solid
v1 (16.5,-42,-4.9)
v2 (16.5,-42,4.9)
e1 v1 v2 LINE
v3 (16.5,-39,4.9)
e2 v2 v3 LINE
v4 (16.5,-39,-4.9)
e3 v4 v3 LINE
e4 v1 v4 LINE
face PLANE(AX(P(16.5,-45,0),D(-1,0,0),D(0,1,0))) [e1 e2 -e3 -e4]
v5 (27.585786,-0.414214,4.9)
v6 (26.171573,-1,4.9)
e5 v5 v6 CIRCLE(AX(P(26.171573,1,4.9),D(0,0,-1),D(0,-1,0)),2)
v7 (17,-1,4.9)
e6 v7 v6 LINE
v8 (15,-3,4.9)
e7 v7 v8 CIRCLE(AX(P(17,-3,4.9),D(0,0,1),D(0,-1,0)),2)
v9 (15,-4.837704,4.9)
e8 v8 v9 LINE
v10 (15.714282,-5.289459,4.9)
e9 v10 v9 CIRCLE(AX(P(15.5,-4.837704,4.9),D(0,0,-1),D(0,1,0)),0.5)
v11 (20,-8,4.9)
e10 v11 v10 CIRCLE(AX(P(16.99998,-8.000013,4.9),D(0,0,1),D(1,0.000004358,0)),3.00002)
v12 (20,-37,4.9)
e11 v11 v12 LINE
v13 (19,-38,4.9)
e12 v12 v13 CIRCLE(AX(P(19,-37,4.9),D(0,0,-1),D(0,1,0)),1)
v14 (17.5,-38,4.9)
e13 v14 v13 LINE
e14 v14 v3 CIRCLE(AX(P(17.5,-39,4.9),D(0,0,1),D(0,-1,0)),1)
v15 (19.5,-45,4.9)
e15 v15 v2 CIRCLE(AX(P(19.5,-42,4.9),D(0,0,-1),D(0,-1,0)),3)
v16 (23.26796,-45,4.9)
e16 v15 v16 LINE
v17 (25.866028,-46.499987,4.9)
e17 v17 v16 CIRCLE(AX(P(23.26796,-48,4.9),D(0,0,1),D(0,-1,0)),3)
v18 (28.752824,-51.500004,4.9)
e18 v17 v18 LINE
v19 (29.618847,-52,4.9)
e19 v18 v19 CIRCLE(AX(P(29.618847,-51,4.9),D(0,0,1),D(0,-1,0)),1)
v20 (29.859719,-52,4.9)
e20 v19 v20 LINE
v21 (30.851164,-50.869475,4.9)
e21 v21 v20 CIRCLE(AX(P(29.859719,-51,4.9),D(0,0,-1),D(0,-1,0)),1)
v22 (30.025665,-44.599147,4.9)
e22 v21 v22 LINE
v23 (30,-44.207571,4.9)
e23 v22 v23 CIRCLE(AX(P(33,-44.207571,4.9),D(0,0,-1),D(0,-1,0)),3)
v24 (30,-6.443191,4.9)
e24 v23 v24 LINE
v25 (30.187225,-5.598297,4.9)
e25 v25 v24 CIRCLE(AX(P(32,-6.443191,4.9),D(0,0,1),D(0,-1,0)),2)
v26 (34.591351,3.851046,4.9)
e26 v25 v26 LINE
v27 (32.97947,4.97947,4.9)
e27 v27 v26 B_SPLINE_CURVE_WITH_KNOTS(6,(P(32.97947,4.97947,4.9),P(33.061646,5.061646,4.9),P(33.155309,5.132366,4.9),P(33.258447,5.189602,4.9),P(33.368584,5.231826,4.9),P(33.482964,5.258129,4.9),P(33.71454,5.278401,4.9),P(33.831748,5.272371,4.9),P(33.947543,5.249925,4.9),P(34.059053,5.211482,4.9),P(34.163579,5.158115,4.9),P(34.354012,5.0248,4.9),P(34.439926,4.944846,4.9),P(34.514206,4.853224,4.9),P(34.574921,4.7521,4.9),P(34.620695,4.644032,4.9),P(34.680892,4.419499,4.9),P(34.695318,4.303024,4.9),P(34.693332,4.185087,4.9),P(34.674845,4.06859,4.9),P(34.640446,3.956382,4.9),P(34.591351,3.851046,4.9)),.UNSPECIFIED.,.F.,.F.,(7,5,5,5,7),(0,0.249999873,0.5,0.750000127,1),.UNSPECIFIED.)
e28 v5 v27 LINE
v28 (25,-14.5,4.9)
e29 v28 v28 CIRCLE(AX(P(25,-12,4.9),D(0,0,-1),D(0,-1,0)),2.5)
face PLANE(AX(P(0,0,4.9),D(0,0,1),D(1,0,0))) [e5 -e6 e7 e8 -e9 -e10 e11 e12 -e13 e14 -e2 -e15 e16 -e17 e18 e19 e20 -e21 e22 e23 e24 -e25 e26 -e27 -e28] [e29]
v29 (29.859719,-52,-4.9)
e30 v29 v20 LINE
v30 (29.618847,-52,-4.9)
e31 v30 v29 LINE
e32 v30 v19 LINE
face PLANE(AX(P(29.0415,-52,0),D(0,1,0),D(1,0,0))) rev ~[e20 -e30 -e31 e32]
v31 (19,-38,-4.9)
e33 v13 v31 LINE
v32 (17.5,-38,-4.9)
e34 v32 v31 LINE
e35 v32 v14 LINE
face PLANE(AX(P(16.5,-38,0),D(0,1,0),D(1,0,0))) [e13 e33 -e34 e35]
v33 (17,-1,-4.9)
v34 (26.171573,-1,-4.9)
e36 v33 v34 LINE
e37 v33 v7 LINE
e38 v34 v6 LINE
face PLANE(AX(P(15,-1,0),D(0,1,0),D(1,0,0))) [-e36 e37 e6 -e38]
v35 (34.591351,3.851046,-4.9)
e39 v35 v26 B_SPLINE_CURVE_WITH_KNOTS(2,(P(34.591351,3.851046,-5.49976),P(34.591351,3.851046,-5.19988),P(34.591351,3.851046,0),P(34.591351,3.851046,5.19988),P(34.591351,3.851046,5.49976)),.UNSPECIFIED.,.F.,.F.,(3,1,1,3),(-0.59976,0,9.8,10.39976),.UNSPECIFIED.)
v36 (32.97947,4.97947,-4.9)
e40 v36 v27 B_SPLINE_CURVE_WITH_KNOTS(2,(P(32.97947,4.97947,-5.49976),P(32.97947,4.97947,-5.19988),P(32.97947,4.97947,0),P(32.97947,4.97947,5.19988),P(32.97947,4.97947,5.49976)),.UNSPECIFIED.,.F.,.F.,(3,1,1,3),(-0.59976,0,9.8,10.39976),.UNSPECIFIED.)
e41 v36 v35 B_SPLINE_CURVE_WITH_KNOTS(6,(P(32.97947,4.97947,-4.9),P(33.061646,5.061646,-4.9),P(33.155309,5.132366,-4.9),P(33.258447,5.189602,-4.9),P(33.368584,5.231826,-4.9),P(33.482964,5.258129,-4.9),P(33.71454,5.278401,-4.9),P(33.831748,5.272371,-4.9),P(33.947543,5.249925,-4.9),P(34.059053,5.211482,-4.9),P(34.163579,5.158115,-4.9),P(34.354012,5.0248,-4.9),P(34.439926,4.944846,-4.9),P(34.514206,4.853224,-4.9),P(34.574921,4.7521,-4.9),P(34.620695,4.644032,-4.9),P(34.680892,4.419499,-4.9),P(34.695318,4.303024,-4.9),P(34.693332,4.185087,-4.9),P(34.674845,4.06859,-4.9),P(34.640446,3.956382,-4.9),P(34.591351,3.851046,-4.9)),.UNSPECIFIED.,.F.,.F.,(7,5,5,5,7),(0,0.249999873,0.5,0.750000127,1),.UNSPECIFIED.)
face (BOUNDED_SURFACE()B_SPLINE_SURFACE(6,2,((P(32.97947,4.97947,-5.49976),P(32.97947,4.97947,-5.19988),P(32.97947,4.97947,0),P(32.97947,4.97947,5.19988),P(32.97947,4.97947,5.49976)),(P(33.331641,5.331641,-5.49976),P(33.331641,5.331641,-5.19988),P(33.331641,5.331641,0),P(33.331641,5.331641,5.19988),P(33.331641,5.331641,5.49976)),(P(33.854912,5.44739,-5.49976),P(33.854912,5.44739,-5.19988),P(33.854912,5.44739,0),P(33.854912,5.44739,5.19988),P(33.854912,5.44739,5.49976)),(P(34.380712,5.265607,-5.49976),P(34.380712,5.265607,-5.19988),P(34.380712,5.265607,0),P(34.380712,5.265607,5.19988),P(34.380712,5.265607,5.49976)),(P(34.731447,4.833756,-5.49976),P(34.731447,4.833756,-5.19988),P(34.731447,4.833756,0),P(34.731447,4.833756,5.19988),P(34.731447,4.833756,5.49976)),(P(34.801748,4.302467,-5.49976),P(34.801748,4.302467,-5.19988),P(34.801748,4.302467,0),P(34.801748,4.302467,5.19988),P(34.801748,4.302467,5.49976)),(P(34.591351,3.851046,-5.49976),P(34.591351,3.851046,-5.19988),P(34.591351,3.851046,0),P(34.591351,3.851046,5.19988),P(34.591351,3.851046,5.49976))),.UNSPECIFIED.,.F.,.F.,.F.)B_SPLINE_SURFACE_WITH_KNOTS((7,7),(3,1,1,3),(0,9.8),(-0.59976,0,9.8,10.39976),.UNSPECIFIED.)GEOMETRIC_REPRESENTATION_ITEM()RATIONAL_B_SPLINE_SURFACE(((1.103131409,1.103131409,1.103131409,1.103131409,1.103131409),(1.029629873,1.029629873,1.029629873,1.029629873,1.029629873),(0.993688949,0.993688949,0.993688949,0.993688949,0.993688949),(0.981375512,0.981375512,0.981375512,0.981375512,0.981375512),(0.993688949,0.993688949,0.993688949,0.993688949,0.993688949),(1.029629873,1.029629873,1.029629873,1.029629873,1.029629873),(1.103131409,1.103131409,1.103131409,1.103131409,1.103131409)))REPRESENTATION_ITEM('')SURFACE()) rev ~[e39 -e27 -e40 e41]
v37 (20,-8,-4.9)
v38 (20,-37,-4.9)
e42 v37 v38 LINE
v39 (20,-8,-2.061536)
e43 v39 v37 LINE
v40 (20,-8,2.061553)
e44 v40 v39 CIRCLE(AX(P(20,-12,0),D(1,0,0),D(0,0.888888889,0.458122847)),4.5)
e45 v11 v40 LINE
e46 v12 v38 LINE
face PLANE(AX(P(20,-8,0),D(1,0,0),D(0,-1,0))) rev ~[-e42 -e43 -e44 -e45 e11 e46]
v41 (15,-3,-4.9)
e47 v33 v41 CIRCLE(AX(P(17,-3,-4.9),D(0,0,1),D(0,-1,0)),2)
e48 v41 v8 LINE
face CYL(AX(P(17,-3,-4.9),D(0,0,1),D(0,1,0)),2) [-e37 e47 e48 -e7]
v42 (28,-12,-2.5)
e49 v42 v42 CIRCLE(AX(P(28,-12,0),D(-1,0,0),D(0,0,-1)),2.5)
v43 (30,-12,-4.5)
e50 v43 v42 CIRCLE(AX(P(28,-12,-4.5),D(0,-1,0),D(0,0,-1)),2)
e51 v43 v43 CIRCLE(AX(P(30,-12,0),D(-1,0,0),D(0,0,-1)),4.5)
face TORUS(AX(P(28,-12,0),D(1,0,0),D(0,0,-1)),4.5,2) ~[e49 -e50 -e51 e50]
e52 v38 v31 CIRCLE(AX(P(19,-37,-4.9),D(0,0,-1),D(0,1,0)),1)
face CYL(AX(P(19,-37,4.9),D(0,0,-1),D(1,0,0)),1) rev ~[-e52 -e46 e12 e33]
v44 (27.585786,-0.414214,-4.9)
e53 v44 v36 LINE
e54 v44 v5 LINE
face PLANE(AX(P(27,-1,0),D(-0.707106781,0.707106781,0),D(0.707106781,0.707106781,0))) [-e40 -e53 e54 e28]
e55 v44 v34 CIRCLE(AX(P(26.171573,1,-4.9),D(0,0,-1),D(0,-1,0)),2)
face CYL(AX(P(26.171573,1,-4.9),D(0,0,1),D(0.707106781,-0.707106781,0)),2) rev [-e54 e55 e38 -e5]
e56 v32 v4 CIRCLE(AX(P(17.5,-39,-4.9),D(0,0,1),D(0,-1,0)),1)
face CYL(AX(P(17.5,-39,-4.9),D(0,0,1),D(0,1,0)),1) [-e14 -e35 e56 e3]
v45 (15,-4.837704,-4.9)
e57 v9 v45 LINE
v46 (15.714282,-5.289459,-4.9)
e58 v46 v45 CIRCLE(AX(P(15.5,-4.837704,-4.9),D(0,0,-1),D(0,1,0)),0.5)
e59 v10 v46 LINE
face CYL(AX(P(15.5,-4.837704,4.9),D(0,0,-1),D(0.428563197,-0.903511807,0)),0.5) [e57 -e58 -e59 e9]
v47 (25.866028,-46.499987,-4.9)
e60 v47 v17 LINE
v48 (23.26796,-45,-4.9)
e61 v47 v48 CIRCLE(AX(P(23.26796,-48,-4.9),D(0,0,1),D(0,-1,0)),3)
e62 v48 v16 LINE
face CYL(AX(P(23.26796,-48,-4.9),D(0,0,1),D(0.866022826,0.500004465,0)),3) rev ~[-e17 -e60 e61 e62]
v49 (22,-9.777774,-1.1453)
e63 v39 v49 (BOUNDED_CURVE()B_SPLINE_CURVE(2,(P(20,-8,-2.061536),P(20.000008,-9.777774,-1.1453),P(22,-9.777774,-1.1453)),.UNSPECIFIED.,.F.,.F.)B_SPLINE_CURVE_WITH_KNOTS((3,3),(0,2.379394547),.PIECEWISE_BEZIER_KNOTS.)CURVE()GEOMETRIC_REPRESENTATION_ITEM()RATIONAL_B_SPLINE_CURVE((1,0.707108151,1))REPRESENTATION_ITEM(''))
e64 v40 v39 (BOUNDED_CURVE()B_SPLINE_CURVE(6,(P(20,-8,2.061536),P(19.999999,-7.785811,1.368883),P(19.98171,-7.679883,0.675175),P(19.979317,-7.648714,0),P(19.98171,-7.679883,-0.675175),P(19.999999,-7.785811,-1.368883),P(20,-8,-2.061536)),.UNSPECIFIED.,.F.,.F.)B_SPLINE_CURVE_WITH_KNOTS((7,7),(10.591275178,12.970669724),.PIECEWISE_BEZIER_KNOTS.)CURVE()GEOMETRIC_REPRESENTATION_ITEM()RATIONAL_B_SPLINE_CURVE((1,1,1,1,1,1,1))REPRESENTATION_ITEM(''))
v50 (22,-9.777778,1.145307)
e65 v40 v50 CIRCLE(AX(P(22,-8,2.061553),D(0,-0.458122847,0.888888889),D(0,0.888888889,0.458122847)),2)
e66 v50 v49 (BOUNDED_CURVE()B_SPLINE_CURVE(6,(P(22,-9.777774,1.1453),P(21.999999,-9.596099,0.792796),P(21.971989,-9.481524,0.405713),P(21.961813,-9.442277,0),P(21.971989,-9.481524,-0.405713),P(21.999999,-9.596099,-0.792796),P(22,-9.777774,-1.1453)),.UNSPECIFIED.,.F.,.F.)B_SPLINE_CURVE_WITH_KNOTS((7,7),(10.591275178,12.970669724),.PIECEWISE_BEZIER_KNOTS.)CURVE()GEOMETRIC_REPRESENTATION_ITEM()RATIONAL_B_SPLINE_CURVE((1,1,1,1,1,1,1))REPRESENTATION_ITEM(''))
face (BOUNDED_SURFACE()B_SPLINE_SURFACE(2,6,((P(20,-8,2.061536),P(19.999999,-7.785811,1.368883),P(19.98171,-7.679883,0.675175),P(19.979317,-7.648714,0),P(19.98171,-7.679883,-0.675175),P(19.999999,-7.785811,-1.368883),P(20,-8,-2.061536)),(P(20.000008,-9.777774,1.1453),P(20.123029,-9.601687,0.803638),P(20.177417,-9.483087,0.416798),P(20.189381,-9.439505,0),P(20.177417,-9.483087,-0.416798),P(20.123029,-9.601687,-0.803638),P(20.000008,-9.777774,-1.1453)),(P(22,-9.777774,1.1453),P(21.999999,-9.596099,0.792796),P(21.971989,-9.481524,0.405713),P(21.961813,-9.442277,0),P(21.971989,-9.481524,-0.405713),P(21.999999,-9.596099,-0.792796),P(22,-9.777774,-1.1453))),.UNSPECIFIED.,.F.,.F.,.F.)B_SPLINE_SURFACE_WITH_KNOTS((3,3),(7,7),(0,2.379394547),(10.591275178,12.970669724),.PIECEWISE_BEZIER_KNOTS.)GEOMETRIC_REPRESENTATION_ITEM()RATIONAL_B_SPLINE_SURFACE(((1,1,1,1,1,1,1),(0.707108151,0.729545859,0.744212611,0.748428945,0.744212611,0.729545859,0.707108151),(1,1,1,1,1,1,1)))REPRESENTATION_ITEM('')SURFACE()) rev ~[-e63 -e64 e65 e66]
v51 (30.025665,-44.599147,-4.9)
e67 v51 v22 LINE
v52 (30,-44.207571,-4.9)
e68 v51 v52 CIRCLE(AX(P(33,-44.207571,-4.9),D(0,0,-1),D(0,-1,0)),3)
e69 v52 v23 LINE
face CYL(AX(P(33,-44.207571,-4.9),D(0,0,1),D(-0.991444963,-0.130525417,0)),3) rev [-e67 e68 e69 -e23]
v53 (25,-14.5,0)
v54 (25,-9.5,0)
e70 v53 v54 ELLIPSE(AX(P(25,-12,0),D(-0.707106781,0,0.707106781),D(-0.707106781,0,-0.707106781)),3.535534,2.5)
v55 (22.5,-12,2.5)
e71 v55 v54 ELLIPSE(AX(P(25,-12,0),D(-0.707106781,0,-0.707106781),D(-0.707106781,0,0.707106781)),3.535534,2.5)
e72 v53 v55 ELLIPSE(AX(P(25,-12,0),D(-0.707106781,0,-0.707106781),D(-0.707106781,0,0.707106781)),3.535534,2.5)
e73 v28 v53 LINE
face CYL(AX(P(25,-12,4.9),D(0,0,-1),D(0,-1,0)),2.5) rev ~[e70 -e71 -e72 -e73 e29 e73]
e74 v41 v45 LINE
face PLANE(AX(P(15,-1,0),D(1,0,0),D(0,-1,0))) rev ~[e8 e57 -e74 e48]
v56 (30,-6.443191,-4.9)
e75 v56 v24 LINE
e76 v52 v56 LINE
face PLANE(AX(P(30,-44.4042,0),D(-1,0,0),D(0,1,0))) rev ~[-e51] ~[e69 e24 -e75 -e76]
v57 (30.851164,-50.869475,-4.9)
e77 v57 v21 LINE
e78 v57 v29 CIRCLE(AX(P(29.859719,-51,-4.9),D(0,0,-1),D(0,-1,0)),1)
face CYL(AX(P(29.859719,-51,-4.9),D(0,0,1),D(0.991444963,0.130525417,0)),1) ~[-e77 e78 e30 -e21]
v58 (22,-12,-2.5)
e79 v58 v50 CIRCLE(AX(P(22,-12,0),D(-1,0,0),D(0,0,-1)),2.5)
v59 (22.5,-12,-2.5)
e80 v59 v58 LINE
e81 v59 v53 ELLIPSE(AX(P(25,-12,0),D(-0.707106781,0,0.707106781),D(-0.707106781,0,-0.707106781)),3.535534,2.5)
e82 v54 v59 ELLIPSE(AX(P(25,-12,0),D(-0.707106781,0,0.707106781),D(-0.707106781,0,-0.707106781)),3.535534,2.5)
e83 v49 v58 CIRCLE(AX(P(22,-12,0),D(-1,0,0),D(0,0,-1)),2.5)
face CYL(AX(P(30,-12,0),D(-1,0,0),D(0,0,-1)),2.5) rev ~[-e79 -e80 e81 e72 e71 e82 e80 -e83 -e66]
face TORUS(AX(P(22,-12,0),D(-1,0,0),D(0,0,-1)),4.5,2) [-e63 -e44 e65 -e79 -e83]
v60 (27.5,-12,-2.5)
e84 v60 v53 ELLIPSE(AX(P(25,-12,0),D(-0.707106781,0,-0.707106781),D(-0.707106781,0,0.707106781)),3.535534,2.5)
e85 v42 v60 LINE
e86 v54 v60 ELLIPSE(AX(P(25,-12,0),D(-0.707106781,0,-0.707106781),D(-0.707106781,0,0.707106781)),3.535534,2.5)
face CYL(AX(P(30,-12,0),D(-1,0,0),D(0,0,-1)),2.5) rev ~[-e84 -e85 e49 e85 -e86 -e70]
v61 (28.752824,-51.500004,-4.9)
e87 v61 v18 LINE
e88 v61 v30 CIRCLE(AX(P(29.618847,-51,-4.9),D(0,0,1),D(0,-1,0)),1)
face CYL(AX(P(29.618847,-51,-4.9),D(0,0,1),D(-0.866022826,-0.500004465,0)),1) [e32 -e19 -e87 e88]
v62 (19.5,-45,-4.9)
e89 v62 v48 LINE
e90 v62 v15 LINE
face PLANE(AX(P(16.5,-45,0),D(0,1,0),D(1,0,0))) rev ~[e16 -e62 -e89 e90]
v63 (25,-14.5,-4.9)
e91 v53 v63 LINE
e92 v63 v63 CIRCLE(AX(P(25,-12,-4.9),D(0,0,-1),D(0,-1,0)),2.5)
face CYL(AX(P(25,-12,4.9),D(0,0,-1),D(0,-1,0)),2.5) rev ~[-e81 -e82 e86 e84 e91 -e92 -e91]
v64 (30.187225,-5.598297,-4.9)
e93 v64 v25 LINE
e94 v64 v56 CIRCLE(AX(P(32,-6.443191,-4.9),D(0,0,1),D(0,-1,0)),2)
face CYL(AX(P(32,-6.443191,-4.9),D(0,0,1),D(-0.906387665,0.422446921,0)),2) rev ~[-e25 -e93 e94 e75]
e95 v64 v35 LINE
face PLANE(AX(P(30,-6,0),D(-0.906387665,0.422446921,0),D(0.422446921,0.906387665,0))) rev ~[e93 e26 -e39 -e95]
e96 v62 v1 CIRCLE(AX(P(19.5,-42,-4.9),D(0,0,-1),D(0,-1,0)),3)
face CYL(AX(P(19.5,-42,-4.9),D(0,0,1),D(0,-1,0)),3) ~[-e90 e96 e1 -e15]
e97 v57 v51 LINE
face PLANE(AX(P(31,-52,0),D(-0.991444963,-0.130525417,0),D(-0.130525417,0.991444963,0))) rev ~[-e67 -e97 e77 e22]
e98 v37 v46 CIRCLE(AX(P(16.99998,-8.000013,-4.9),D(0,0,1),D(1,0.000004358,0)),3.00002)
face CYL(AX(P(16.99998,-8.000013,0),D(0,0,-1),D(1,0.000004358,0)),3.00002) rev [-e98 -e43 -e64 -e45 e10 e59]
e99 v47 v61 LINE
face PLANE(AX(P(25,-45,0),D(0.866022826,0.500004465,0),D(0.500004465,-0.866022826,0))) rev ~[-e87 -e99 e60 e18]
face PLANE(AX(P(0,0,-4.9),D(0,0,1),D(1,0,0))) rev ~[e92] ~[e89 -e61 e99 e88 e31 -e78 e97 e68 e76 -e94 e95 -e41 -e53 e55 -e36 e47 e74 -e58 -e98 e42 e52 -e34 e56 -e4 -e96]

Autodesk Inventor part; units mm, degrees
ref_plane "YZ Plane" through (0, 0, 0) normal (1, 0, 0) x (0, 1, 0)
ref_plane "XZ Plane" through (0, 0, 0) normal (0, 1, 0) x (-1, 0, 0)
ref_plane "XY Plane" through (0, 0, 0) normal (0, 0, 1) x (1, 0, 0)
sketch "Sketch1" plane through (0, 0, 0) normal (0, 0, 1) x (1, 0, 0)
  line L0 (20, -22) -> (4.1, -22) construction
  line L1 (4.1, -22) -> (4.1, -25) construction
  line L2 (4.1, -25) -> (0, -25) construction
  line L3 (30, -47) -> (20, -47) construction
  circle A0 centre (17, -17) radius 3 construction
  line L4 (14, -17) -> (14, 0) construction
  line L5 (14, 0) -> (30, 0) construction
  line L6 (20, -47) -> (20, -17) construction
  line L7 (20, -47) -> (30, -47) construction
  line L8 (30, -47) -> (30, 0) construction
  line L9 (0, -25) -> (0, 0) construction
  line L10 (30, 0) -> (30, -47) construction
  line L11 (-7.0263, 0) -> (42.1581, 0) construction
  line L12 (0, -63.6142) -> (0, 17.6853) construction
  line L13 (17, -17) -> (17, -8) construction
  circle A1 centre (17, -8) radius 3 construction
  line L14 (16.5, -38) -> (20, -38)
  line L15 (16.5, -45) -> (25, -45)
  line L16 (25, -45) -> (29.0415, -52)
  line L17 (29.0415, -52) -> (31, -52)
  line L18 (31, -52) -> (30, -44.4042)
  line L19 (30, -44.4042) -> (30, -1)
  line L20 (15, -1) -> (30, -1)
  line L21 (15, -1) -> (15, -5.7639)
  line L22 (16.5, -45) -> (16.5, -38)
  arc A2 (20, -8) -> (15, -5.7639) centre (17, -8) ccw
  line L23 (20, -8) -> (20, -38)
  line L24 (27, -1) -> (34.0711, 6.0711)
  line L25 (34.0711, 6.0711) -> (35.1317, 5.0104)
  line L26 (30, -6) -> (35.1317, 5.0104)
  point P0 (0, 0)
  point P1 (0, 0)
  dimension "d10" = 6
  dimension "d1" = 3
  dimension "d2" = 5
  dimension "d3" = 14
  dimension "d4" = 20
  dimension "d5" = 22
  dimension "d6" = 30
  dimension "d7" = 4.1
  dimension "d8" = 3
  dimension "d9" = 25
  dimension "d11" = 9
  dimension "d12" = 0
  dimension "d13" = 16
  dimension "d14" = 7
  dimension "d15" = 3.5
  dimension "d16" = 120
  dimension "d17" = 7.5
  dimension "d19" = 5
  dimension "d20" = 5
  dimension "d21" = 1
  dimension "d22" = 1
  dimension "d23" = 1
  dimension "d40" = 45
  dimension "d41" = 3
  dimension "d42" = 10
  dimension "d43" = 5
  dimension "d46" = 1.5
extrude "Extrusion1" add sketch "Sketch1" along normal mid plane 9.8
fillet "Fillet1" radius 0.5 1 edges at (15, -5.7639, 0)
fillet "Fillet2" radius 1 2 edges at (29.0415, -52, 0) (31, -52, 0)
fillet "Fillet3" radius 3 3 edges at (16.5, -45, 0) (25, -45, 0) (30, -44.4042, 0)
fillet "Fillet4" radius 2 1 edges at (15, -1, 0)
fillet "Fillet5" radius 1 1 edges at (20, -38, 0)
sketch "Sketch2" plane through (30, -44.2076, 4.9) normal (1, 0, 0) x (0, 0, -1)
  line L0 (-1.96, 44.2076) -> (11.76, 44.2076) construction
  line L1 (4.9, -19.4066) -> (4.9, 61.8929) construction
  point P0 (4.9, 44.2076)
  point P1 (4.9, 32.2076)
  dimension "d44" = 12
hole "Hole1" at (30, -12, 0) direction (-1, 0, 0) diameter 5 end through all
fillet "Fillet6" radius 2 2 edges at (30, -12, 2.5) (20, -12, 2.5)
fillet "Fillet8" radius 1 2 edges at (34.0711, 6.0711, 0) (35.1317, 5.0104, 0)
fillet "Fillet9" radius 2 1 edges at (27, -1, 0)
fillet "Fillet10" radius 1 1 edges at (16.5, -38, 0)
fillet "Fillet11" radius 2 1 edges at (30, -6, 0)
sketch "Sketch3" plane through (0, 0, 4.9) normal (0, 0, 1) x (1, 0, 0)
  line L0 (-6.9365, 0) -> (41.6191, 0) projected
  line L1 (20, -8) -> (20, -37) projected
  point P0 (0, 0)
  point P1 (20, -12.995)
  point P2 (25, -12)
  dimension "d51" = 12
  dimension "d52" = 5
hole "Hole2" at (25, -12, 4.9) direction (0, 0, -1) diameter 5 end through all
properties part number "P104Levier" material "ABS Plastic"
